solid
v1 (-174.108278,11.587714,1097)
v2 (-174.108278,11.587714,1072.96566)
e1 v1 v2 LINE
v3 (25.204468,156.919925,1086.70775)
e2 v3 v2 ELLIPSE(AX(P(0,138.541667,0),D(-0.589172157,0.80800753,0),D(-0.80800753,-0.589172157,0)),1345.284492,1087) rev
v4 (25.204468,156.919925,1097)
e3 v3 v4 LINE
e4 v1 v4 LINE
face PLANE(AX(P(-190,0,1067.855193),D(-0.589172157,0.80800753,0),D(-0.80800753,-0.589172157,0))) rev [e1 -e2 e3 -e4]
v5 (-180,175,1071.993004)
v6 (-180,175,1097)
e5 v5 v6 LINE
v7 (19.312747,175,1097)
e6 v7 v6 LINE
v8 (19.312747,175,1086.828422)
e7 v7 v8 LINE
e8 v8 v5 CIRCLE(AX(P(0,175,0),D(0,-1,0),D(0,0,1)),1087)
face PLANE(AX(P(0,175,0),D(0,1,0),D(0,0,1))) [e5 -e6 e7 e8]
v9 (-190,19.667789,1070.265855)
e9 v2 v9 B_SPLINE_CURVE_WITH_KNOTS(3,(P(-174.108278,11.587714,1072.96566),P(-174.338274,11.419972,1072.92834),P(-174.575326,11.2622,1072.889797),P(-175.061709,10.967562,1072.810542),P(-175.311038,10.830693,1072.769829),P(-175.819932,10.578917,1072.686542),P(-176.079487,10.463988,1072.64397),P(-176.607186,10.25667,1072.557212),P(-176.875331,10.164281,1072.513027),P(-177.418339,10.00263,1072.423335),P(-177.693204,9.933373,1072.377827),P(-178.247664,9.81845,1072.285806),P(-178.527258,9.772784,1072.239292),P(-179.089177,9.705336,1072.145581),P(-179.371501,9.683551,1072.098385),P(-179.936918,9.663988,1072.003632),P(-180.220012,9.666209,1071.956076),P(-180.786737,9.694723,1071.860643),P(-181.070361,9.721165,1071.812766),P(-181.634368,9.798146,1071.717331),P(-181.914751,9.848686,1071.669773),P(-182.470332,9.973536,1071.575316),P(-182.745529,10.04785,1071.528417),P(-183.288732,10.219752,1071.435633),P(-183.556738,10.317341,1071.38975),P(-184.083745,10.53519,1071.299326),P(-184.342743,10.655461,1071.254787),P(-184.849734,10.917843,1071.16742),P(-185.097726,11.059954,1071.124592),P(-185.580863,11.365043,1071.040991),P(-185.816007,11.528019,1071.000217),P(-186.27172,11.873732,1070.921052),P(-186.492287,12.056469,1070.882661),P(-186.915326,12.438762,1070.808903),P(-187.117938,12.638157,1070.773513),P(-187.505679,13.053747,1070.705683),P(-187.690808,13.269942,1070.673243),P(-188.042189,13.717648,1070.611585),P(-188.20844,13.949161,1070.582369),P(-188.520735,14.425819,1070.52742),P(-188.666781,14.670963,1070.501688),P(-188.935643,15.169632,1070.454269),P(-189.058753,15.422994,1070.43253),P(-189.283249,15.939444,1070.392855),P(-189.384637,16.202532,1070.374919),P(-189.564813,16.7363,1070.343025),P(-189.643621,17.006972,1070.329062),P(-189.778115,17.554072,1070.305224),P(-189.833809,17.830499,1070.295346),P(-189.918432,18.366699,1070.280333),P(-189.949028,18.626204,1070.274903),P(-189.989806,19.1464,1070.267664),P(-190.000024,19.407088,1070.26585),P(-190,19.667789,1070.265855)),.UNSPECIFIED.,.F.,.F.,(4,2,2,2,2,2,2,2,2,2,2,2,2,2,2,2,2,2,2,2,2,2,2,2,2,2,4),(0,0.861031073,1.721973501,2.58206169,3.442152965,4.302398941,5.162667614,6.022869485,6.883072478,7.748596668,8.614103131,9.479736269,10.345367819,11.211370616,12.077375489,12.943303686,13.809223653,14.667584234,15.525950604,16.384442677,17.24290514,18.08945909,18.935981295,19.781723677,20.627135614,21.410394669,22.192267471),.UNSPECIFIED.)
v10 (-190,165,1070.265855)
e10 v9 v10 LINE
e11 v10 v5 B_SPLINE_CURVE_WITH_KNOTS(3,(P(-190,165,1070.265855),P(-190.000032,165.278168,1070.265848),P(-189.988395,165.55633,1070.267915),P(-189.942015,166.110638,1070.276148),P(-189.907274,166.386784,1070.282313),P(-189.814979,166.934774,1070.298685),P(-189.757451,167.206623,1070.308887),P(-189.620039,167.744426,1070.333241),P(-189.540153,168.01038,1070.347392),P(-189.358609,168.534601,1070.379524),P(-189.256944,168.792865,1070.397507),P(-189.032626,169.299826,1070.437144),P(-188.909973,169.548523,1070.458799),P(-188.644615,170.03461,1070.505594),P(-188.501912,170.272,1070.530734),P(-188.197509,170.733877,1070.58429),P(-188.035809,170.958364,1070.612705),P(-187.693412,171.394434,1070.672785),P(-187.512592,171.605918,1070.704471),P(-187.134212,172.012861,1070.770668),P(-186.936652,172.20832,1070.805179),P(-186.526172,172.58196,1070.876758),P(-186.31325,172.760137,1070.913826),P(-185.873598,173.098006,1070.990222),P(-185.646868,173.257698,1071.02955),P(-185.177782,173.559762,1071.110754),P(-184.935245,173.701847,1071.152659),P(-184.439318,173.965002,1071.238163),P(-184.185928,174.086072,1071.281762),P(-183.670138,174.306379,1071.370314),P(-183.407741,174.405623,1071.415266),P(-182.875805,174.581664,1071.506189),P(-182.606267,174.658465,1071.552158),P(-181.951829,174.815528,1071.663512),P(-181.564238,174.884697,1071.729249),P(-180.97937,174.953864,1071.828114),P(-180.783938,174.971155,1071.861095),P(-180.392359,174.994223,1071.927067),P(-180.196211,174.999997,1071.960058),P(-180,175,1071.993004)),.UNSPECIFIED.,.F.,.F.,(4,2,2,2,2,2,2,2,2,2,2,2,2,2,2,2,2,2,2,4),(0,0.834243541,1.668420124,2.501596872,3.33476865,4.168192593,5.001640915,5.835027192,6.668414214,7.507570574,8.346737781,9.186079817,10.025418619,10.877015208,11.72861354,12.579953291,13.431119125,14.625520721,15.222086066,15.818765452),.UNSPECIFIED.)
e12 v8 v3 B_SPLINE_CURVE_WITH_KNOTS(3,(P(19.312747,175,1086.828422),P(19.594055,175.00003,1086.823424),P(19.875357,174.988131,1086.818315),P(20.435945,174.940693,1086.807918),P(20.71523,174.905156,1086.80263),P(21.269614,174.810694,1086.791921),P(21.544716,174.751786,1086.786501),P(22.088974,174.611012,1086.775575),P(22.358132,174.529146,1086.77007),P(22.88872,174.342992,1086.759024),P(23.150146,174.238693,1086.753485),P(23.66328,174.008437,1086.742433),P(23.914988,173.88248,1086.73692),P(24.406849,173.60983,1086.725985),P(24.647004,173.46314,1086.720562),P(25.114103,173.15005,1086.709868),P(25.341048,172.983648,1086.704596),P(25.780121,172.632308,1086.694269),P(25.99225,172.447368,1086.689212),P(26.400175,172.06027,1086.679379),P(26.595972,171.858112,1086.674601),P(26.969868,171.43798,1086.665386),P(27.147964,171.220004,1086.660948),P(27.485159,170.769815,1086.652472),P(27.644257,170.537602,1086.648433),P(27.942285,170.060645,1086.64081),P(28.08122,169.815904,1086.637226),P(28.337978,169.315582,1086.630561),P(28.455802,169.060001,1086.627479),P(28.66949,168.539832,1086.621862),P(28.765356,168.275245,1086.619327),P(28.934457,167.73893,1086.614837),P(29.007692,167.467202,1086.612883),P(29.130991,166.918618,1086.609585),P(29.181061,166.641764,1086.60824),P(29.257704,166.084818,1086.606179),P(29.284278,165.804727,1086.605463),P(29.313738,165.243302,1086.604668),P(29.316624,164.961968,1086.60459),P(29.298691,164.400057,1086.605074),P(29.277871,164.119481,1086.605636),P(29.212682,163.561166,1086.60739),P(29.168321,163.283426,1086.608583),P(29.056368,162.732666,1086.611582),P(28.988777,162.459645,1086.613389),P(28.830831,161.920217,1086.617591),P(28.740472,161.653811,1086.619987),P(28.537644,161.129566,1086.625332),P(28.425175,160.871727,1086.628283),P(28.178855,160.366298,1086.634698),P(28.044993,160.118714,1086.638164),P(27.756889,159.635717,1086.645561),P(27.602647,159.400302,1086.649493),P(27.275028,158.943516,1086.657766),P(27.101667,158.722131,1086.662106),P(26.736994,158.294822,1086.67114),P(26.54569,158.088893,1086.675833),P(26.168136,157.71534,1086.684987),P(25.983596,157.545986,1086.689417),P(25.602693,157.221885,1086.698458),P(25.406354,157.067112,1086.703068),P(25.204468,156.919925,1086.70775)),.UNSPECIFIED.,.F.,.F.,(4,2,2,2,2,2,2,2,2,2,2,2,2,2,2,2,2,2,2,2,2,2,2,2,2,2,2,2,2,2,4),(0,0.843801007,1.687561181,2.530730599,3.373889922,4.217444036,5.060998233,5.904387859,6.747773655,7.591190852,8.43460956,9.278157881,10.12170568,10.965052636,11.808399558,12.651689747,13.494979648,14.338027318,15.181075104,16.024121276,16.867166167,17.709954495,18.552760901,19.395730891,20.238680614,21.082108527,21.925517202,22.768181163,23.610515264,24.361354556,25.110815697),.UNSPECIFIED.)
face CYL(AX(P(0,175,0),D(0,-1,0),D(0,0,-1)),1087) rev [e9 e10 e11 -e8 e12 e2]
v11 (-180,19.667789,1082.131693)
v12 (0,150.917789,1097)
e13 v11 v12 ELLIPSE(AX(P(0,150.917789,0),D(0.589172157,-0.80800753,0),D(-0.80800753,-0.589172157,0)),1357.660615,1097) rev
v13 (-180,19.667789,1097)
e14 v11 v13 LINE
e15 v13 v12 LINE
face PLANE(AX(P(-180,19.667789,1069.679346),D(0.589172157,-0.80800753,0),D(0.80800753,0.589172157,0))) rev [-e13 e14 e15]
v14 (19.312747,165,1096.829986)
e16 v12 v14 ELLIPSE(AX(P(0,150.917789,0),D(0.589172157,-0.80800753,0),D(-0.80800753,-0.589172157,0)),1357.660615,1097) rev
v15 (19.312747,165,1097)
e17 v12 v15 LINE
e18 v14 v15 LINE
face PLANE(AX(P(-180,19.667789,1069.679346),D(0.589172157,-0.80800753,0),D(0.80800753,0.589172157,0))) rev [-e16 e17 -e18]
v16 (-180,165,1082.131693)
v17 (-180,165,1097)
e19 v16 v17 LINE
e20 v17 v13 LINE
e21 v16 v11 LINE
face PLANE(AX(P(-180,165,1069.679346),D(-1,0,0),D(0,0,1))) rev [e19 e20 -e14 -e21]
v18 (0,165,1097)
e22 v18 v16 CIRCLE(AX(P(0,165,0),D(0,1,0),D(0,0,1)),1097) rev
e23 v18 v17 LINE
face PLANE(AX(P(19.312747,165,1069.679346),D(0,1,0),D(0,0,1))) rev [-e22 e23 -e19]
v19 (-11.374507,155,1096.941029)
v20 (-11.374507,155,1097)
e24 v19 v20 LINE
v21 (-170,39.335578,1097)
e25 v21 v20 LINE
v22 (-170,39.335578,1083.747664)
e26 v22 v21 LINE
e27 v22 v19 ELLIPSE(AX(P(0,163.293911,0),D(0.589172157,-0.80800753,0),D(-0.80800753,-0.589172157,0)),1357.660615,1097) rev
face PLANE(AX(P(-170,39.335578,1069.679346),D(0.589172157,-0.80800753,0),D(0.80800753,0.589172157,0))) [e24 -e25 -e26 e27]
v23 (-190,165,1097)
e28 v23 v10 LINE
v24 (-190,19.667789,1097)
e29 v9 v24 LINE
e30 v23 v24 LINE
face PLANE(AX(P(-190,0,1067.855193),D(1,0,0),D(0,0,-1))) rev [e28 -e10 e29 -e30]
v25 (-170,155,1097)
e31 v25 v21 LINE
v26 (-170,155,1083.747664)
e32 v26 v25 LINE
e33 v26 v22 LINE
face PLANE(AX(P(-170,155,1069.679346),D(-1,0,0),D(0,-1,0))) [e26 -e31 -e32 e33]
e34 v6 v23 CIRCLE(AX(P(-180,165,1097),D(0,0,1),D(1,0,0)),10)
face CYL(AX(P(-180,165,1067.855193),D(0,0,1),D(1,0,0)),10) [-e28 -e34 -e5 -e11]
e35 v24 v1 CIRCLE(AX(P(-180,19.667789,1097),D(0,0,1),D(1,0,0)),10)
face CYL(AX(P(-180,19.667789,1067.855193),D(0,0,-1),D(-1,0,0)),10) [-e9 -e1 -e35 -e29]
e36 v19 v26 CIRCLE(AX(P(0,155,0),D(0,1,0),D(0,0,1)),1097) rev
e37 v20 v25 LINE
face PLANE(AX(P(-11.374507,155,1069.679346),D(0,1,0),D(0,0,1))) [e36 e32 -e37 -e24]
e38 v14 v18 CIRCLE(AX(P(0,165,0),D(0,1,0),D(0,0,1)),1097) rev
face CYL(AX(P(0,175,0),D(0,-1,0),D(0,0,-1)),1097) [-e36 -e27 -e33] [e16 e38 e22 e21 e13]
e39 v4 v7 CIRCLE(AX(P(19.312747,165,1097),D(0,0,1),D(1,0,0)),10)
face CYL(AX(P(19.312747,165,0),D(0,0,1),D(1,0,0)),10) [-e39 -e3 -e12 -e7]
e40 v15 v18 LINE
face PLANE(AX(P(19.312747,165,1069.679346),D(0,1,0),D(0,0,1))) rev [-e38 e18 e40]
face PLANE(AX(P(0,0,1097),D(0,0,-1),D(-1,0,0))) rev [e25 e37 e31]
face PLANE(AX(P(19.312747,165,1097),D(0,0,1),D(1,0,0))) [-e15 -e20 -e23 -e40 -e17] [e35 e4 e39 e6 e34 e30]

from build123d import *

# Parameters (mm, degrees)
BOSS_EXTRUDE1_DEPTH      = 175
FILLET1_R                = 10
CUT_EXTRUDE3_DEPTH       = 1129.731146152
CUT_EXTRUDE3_DEPTH_BACK  = 1129.731146152
SKETCH4_OUTSIDE_W        = 489.508
SKETCH4_OUTSIDE_H        = 264.508
FILLET4_R                = 10
BOSS_EXTRUDE2_REACH      = 261.692
BOSS_EXTRUDE2_END_RADIUS = 1097
BOSS_EXTRUDE3_REACH      = 261.692
BOSS_EXTRUDE3_END_RADIUS = 1097


with BuildPart() as part:
    # Sketch1 → Boss-Extrude1 (new body)
    with BuildSketch(Plane(origin=(0, 0, 0), x_dir=(1, 0, 0), z_dir=(0, 1, 0))):
        with BuildLine():
            Line((-200, -1068.442324134), (-200, -1078.614388927))
            ThreePointArc((-200, -1078.614388927), (0, -1097), (200, -1078.614388927))
            Line((200, -1078.614388927), (200, -1068.442324134))
            ThreePointArc((200, -1068.442324134), (0, -1087), (-200, -1068.442324134))
        make_face()
    extrude(amount=BOSS_EXTRUDE1_DEPTH)

    # Fillet1
    fillet1_edges = [part.edges().sort_by_distance(p)[0] for p in [
        (200, 175, 1073.52835653),
        (200, 0, 1073.52835653),
        (-200, 0, 1073.52835653),
    ]]
    fillet(fillet1_edges, radius=FILLET1_R)

    # Sketch4 outside → Cut-Extrude3 (cut, two sides: drawn at the far end of the back side and taken through both)
    with BuildSketch(Plane.XY.offset(-CUT_EXTRUDE3_DEPTH_BACK)):
        with Locations((0, 87.5)):
            Rectangle(SKETCH4_OUTSIDE_W, SKETCH4_OUTSIDE_H)
        Polygon((-190, 0), (50, 175), (-190, 175), align=None, mode=Mode.SUBTRACT)
    extrude(amount=CUT_EXTRUDE3_DEPTH + CUT_EXTRUDE3_DEPTH_BACK, mode=Mode.SUBTRACT)

    # Fillet4
    fillet4_edges = [part.edges().sort_by_distance(p)[0] for p in [
        (50, 175, 1090.854686691),
        (-190, 0, 1075.343303099),
        (-190, 175, 1075.343303099),
    ]]
    fillet(fillet4_edges, radius=FILLET4_R)

    # Boss-Extrude2: up to this cylinder (the profile starts outside it)
    boss_extrude2_end = Plane(origin=(0, 92.333894, 0), z_dir=(0, -1, 0)) * Cylinder(BOSS_EXTRUDE2_END_RADIUS, 2718.384, mode=Mode.PRIVATE)
    # Sketch5 → Boss-Extrude2 (add, up to the surface)
    with BuildSketch(Plane.XY.offset(1097), mode=Mode.PRIVATE) as boss_extrude2_sk1:
        with BuildLine():
            Line((-174.108278426, 11.587713648), (25.204468157, 156.919924698))
            ThreePointArc((25.204468157, 156.919924698), (28.820657842, 168.098325917), (19.312746583, 175))
            Line((19.312746583, 175), (-180, 175))
            ThreePointArc((-180, 175), (-187.071067812, 172.071067812), (-190, 165))
            Line((-190, 165), (-190, 19.66778895))
            ThreePointArc((-190, 19.66778895), (-184.53226126, 10.753833158), (-174.108278426, 11.587713648))
        make_face()
        Polygon((-180, 165), (-180, 19.66778895), (19.312746583, 165), align=None, mode=Mode.SUBTRACT)
    boss_extrude2_tool1 = extrude(boss_extrude2_sk1.sketch, amount=-BOSS_EXTRUDE2_REACH, mode=Mode.PRIVATE) - boss_extrude2_end
    add(boss_extrude2_tool1.solids().sort_by_distance((-187.253496, 92.333894, 1097))[0])
    add(boss_extrude2_tool1.solids().sort_by_distance((-187.253496, 92.333894, 1097))[1])

    # Boss-Extrude3: up to this cylinder (the profile starts outside it)
    boss_extrude3_end = Plane(origin=(0, 116.445193, 0), z_dir=(0, -1, 0)) * Cylinder(BOSS_EXTRUDE3_END_RADIUS, 2718.384, mode=Mode.PRIVATE)
    # Sketch6 → Boss-Extrude3 (add, up to the surface)
    with BuildSketch(Plane.XY.offset(1097), mode=Mode.PRIVATE) as boss_extrude3_sk1:
        Polygon((-11.374506835, 155), (-170, 155), (-170, 39.3355779), align=None)
    boss_extrude3_tool1 = extrude(boss_extrude3_sk1.sketch, amount=-BOSS_EXTRUDE3_REACH, mode=Mode.PRIVATE) - boss_extrude3_end
    add(boss_extrude3_tool1.solids().sort_by_distance((-117.124836, 116.445193, 1097))[0])


solid = part.part
